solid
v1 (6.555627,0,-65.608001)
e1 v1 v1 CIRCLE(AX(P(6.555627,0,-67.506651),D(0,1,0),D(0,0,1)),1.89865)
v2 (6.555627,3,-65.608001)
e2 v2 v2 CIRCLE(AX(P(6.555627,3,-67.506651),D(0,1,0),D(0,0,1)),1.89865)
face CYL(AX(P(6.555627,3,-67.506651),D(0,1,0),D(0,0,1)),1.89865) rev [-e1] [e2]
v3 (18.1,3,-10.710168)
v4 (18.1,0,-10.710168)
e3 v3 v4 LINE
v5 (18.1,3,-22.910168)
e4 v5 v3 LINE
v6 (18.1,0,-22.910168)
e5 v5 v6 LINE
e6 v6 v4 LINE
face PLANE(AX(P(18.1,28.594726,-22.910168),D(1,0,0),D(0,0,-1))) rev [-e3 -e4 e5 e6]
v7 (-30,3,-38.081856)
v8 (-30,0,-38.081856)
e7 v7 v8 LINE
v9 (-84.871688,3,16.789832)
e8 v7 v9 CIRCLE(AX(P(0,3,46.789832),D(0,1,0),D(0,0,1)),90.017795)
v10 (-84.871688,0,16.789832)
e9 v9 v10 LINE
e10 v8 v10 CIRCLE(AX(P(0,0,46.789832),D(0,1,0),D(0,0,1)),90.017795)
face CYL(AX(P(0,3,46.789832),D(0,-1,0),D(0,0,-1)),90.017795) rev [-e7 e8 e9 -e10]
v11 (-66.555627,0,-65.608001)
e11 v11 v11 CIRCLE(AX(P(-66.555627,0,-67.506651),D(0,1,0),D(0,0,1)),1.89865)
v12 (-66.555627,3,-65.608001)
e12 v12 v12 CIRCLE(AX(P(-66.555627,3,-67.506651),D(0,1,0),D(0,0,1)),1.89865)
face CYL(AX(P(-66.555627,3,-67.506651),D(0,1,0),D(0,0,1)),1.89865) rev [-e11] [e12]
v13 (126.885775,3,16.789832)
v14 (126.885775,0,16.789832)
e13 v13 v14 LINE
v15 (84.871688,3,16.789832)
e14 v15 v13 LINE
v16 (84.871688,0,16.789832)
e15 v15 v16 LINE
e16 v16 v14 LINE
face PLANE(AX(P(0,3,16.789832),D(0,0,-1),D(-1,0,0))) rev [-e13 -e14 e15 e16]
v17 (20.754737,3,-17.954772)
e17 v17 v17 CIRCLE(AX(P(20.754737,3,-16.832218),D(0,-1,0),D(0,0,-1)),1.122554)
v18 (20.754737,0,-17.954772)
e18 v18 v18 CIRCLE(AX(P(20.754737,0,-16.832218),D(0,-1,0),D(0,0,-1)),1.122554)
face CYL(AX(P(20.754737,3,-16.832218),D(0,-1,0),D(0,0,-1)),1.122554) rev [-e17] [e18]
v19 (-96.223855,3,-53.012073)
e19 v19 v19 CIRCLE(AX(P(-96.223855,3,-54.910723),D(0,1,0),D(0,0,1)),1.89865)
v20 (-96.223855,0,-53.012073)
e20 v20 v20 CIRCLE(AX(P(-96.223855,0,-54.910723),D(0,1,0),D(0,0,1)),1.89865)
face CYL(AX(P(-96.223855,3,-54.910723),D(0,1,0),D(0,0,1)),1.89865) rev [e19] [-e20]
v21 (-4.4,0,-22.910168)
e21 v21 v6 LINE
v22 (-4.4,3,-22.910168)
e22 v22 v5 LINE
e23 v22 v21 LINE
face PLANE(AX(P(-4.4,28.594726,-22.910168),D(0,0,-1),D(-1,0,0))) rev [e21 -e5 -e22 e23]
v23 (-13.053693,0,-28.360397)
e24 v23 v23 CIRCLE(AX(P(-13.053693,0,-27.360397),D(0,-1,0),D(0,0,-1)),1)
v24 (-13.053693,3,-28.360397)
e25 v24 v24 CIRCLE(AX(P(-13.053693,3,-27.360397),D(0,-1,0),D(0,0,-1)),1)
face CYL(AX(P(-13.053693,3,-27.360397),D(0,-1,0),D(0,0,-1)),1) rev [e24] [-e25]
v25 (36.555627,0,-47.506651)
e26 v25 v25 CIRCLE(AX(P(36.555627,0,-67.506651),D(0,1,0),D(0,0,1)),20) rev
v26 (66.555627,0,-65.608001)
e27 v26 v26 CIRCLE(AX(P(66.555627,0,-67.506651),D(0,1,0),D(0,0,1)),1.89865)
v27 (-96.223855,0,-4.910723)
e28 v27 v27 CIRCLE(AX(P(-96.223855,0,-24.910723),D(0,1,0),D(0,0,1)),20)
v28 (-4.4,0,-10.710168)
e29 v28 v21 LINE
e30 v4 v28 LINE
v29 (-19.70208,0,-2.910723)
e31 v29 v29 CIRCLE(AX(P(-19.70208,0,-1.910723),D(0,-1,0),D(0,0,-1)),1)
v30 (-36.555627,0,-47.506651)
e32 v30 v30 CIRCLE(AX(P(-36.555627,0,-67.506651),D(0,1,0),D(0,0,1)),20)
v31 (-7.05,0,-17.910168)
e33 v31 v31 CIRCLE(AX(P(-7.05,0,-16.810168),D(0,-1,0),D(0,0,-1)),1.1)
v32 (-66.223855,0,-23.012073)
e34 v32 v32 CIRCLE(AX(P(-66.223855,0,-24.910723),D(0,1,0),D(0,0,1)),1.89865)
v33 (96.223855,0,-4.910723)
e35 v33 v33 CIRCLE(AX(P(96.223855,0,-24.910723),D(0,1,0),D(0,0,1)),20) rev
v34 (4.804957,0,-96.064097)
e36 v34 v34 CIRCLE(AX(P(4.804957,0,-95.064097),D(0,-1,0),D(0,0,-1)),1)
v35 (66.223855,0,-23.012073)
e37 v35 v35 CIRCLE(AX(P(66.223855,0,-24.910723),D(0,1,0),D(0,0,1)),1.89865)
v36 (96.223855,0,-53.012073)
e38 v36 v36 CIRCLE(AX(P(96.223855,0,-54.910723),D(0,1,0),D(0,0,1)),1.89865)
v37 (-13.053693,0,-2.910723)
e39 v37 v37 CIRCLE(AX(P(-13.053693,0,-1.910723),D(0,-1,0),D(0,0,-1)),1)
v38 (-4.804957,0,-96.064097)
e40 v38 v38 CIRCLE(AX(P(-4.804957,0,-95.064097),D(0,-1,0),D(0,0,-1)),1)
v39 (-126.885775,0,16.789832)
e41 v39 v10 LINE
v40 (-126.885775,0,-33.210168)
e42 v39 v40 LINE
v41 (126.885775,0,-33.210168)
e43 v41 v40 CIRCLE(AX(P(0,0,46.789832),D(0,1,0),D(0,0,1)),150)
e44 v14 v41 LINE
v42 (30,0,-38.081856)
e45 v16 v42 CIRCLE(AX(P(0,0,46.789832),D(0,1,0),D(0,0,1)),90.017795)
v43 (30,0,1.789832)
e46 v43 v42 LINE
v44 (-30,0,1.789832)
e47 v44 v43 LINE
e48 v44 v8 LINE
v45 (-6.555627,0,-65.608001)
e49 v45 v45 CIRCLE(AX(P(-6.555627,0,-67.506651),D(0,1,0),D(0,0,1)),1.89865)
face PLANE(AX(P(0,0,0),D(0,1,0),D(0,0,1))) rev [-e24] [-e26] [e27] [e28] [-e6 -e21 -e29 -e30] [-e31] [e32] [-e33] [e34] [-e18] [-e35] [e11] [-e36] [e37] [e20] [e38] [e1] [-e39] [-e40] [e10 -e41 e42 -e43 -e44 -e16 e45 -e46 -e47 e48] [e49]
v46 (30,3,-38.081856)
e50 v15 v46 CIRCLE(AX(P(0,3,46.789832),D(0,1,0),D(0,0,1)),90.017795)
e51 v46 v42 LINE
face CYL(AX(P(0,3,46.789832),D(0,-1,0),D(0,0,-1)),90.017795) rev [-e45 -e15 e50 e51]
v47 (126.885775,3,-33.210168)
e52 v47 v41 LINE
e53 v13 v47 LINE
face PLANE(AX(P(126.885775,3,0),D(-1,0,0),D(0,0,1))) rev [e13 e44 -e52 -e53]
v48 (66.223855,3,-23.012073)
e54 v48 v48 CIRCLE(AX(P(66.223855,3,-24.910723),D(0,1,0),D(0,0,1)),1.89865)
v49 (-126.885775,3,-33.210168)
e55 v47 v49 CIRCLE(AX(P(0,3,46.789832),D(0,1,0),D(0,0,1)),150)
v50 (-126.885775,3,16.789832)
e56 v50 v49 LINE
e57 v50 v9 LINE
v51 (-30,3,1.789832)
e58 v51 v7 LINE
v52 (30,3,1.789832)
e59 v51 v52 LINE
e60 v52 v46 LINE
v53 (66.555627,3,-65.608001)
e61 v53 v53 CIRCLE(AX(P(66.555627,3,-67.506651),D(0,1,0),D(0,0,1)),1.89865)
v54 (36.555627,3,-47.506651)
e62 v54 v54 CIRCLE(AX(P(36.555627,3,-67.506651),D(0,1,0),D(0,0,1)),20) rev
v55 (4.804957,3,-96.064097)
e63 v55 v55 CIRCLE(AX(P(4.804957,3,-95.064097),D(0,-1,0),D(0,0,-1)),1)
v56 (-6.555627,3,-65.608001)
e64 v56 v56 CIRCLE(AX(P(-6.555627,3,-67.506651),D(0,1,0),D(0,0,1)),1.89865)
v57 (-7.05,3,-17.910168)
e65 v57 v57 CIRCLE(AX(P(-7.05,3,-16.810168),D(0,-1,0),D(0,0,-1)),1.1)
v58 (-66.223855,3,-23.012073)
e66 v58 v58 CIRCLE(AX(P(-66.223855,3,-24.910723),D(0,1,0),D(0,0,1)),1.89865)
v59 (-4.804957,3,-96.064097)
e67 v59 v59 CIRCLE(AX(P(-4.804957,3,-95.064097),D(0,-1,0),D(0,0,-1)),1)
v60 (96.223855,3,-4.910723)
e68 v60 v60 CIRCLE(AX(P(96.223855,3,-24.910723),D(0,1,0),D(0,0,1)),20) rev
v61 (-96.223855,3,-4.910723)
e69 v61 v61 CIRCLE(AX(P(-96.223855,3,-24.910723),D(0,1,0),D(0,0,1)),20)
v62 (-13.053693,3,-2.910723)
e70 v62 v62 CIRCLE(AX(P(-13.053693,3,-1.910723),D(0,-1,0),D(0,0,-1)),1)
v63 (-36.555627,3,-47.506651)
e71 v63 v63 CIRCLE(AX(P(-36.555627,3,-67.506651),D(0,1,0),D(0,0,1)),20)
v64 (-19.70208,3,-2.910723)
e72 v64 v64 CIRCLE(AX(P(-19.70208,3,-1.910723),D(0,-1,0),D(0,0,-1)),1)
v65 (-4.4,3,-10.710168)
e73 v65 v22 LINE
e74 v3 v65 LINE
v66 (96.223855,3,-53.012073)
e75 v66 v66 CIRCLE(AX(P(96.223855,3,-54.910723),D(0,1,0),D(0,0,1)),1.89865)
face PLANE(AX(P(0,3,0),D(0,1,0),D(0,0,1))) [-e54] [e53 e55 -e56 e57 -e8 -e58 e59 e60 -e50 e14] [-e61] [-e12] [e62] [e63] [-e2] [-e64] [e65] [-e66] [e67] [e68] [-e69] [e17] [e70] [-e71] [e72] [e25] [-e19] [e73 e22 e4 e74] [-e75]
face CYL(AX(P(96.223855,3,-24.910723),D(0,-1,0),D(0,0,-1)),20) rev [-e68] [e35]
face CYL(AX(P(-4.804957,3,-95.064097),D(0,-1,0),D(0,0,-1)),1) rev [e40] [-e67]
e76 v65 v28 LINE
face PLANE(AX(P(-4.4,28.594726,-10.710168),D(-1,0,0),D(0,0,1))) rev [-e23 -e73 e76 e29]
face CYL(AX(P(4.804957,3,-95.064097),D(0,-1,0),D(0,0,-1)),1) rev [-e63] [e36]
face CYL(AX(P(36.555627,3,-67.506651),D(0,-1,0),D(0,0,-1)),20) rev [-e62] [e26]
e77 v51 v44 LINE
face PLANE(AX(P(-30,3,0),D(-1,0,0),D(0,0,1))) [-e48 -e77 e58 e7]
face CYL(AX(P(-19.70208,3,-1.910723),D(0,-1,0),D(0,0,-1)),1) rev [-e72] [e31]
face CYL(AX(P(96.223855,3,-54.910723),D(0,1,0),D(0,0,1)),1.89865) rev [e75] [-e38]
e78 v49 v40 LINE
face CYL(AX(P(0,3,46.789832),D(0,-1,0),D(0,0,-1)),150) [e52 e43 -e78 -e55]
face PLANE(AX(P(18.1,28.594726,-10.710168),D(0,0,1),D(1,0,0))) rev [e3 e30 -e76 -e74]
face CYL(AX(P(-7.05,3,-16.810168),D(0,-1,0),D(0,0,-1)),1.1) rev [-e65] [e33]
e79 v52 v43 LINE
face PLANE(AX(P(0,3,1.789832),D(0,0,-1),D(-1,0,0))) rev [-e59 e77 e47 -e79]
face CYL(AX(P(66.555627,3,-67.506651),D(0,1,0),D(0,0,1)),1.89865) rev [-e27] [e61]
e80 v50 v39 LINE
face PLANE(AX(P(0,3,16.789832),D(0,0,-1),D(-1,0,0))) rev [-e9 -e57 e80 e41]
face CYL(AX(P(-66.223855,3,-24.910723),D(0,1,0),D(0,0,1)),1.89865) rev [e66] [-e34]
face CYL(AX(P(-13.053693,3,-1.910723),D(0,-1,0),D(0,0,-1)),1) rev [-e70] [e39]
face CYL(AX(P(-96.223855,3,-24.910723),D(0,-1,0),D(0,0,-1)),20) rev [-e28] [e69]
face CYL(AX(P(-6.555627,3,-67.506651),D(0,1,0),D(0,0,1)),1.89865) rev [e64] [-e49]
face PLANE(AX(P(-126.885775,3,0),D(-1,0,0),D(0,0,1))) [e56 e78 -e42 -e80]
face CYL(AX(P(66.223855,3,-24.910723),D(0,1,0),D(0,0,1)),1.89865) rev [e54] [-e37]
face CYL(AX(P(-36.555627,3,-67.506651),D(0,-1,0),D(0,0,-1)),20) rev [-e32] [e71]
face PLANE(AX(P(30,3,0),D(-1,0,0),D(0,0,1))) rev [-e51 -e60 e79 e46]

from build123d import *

# Parameters (mm, degrees)
SKETCH3_R              = 20
BOSS_EXTRUDE3_DEPTH    = 3
F_10_24_TAPPED_HOLE1_D = 3.7973
SKETCH6_W              = 22.5
SKETCH6_H              = 12.2
CUT_EXTRUDE1_DEPTH     = 3
SKETCH7_R              = 1
SKETCH7_R_2            = 1.1
SKETCH7_R_3            = 1.122553576
CUT_EXTRUDE2_DEPTH     = 164.588932015


with BuildPart() as part:
    # Sketch3 → Boss-Extrude3 (new body)
    with BuildSketch(Plane(origin=(0, 0, 0), x_dir=(1, 0, 0), z_dir=(0, 1, 0))):
        with BuildLine():
            Line((-126.885775404, 33.210167511), (-126.885775404, -16.789832489))
            Line((-126.885775404, -16.789832489), (-84.87168845, -16.789832489))
            ThreePointArc((-84.87168845, -16.789832489), (-63.652193601, 16.862361112), (-30, 38.081855961))
            Line((-30, 38.081855961), (-30, -1.789832489))
            Line((-30, -1.789832489), (30, -1.789832489))
            Line((30, -1.789832489), (30, 38.081855961))
            ThreePointArc((30, 38.081855961), (63.652193601, 16.862361112), (84.87168845, -16.789832489))
            Line((84.87168845, -16.789832489), (126.885775404, -16.789832489))
            Line((126.885775404, -16.789832489), (126.885775404, 33.210167511))
            ThreePointArc((126.885775404, 33.210167511), (0, 103.210167511), (-126.885775404, 33.210167511))
        make_face()
        with Locations(Location((-96.223855306, 24.910723088, 0), (0, 0, 270))):
            Circle(SKETCH3_R, mode=Mode.SUBTRACT)
        with Locations(Location((96.223855306, 24.910723088, 0), (0, 0, 270))):
            Circle(SKETCH3_R, mode=Mode.SUBTRACT)
        with Locations(Location((-36.555626875, 67.506651026, 0), (0, 0, 270))):
            Circle(SKETCH3_R, mode=Mode.SUBTRACT)
        with Locations(Location((36.555626875, 67.506651026, 0), (0, 0, 270))):
            Circle(SKETCH3_R, mode=Mode.SUBTRACT)
    extrude(amount=BOSS_EXTRUDE3_DEPTH)

    # #10-24 Tapped Hole1 (through all)
    with Locations(Plane(origin=(0, 3, 0), x_dir=(1, 0, 0), z_dir=(0, 1, 0))):
        with Locations((-66.223855306, 24.910723088), (-96.223855306, 54.910723088), (-66.555626875, 67.506651026), (-6.555626875, 67.506651026), (6.555626875, 67.506651026), (66.555626875, 67.506651026), (96.223855306, 54.910723088), (66.223855306, 24.910723088)):
            Hole(F_10_24_TAPPED_HOLE1_D / 2)

    # Sketch6 → Cut-Extrude1 (cut)
    with BuildSketch(Plane.XZ):
        with Locations((6.85, -16.810167511)):
            Rectangle(SKETCH6_W, SKETCH6_H)
    extrude(amount=-CUT_EXTRUDE1_DEPTH, mode=Mode.SUBTRACT)

    # Sketch7 → Cut-Extrude2 (cut, through all)
    with BuildSketch(Plane.XZ):
        with Locations(Location((-13.053692885, -1.910723088, 0), (0, 0, 270))):
            Circle(SKETCH7_R)
        with Locations(Location((-19.702079803, -1.910723088, 0), (0, 0, 270))):
            Circle(SKETCH7_R)
        with Locations(Location((-13.053692885, -27.360397158, 0), (0, 0, 270))):
            Circle(SKETCH7_R)
        with Locations(Location((-4.804956753, -95.064096736, 0), (0, 0, 270))):
            Circle(SKETCH7_R)
        with Locations(Location((4.804956753, -95.064096736, 0), (0, 0, 270))):
            Circle(SKETCH7_R)
        with Locations(Location((-7.05, -16.810167511, 0), (0, 0, 270))):
            Circle(SKETCH7_R_2)
        with Locations(Location((20.754736903, -16.832218034, 0), (0, 0, 270))):
            Circle(SKETCH7_R_3)
    extrude(amount=-CUT_EXTRUDE2_DEPTH, mode=Mode.SUBTRACT)


solid = part.part
